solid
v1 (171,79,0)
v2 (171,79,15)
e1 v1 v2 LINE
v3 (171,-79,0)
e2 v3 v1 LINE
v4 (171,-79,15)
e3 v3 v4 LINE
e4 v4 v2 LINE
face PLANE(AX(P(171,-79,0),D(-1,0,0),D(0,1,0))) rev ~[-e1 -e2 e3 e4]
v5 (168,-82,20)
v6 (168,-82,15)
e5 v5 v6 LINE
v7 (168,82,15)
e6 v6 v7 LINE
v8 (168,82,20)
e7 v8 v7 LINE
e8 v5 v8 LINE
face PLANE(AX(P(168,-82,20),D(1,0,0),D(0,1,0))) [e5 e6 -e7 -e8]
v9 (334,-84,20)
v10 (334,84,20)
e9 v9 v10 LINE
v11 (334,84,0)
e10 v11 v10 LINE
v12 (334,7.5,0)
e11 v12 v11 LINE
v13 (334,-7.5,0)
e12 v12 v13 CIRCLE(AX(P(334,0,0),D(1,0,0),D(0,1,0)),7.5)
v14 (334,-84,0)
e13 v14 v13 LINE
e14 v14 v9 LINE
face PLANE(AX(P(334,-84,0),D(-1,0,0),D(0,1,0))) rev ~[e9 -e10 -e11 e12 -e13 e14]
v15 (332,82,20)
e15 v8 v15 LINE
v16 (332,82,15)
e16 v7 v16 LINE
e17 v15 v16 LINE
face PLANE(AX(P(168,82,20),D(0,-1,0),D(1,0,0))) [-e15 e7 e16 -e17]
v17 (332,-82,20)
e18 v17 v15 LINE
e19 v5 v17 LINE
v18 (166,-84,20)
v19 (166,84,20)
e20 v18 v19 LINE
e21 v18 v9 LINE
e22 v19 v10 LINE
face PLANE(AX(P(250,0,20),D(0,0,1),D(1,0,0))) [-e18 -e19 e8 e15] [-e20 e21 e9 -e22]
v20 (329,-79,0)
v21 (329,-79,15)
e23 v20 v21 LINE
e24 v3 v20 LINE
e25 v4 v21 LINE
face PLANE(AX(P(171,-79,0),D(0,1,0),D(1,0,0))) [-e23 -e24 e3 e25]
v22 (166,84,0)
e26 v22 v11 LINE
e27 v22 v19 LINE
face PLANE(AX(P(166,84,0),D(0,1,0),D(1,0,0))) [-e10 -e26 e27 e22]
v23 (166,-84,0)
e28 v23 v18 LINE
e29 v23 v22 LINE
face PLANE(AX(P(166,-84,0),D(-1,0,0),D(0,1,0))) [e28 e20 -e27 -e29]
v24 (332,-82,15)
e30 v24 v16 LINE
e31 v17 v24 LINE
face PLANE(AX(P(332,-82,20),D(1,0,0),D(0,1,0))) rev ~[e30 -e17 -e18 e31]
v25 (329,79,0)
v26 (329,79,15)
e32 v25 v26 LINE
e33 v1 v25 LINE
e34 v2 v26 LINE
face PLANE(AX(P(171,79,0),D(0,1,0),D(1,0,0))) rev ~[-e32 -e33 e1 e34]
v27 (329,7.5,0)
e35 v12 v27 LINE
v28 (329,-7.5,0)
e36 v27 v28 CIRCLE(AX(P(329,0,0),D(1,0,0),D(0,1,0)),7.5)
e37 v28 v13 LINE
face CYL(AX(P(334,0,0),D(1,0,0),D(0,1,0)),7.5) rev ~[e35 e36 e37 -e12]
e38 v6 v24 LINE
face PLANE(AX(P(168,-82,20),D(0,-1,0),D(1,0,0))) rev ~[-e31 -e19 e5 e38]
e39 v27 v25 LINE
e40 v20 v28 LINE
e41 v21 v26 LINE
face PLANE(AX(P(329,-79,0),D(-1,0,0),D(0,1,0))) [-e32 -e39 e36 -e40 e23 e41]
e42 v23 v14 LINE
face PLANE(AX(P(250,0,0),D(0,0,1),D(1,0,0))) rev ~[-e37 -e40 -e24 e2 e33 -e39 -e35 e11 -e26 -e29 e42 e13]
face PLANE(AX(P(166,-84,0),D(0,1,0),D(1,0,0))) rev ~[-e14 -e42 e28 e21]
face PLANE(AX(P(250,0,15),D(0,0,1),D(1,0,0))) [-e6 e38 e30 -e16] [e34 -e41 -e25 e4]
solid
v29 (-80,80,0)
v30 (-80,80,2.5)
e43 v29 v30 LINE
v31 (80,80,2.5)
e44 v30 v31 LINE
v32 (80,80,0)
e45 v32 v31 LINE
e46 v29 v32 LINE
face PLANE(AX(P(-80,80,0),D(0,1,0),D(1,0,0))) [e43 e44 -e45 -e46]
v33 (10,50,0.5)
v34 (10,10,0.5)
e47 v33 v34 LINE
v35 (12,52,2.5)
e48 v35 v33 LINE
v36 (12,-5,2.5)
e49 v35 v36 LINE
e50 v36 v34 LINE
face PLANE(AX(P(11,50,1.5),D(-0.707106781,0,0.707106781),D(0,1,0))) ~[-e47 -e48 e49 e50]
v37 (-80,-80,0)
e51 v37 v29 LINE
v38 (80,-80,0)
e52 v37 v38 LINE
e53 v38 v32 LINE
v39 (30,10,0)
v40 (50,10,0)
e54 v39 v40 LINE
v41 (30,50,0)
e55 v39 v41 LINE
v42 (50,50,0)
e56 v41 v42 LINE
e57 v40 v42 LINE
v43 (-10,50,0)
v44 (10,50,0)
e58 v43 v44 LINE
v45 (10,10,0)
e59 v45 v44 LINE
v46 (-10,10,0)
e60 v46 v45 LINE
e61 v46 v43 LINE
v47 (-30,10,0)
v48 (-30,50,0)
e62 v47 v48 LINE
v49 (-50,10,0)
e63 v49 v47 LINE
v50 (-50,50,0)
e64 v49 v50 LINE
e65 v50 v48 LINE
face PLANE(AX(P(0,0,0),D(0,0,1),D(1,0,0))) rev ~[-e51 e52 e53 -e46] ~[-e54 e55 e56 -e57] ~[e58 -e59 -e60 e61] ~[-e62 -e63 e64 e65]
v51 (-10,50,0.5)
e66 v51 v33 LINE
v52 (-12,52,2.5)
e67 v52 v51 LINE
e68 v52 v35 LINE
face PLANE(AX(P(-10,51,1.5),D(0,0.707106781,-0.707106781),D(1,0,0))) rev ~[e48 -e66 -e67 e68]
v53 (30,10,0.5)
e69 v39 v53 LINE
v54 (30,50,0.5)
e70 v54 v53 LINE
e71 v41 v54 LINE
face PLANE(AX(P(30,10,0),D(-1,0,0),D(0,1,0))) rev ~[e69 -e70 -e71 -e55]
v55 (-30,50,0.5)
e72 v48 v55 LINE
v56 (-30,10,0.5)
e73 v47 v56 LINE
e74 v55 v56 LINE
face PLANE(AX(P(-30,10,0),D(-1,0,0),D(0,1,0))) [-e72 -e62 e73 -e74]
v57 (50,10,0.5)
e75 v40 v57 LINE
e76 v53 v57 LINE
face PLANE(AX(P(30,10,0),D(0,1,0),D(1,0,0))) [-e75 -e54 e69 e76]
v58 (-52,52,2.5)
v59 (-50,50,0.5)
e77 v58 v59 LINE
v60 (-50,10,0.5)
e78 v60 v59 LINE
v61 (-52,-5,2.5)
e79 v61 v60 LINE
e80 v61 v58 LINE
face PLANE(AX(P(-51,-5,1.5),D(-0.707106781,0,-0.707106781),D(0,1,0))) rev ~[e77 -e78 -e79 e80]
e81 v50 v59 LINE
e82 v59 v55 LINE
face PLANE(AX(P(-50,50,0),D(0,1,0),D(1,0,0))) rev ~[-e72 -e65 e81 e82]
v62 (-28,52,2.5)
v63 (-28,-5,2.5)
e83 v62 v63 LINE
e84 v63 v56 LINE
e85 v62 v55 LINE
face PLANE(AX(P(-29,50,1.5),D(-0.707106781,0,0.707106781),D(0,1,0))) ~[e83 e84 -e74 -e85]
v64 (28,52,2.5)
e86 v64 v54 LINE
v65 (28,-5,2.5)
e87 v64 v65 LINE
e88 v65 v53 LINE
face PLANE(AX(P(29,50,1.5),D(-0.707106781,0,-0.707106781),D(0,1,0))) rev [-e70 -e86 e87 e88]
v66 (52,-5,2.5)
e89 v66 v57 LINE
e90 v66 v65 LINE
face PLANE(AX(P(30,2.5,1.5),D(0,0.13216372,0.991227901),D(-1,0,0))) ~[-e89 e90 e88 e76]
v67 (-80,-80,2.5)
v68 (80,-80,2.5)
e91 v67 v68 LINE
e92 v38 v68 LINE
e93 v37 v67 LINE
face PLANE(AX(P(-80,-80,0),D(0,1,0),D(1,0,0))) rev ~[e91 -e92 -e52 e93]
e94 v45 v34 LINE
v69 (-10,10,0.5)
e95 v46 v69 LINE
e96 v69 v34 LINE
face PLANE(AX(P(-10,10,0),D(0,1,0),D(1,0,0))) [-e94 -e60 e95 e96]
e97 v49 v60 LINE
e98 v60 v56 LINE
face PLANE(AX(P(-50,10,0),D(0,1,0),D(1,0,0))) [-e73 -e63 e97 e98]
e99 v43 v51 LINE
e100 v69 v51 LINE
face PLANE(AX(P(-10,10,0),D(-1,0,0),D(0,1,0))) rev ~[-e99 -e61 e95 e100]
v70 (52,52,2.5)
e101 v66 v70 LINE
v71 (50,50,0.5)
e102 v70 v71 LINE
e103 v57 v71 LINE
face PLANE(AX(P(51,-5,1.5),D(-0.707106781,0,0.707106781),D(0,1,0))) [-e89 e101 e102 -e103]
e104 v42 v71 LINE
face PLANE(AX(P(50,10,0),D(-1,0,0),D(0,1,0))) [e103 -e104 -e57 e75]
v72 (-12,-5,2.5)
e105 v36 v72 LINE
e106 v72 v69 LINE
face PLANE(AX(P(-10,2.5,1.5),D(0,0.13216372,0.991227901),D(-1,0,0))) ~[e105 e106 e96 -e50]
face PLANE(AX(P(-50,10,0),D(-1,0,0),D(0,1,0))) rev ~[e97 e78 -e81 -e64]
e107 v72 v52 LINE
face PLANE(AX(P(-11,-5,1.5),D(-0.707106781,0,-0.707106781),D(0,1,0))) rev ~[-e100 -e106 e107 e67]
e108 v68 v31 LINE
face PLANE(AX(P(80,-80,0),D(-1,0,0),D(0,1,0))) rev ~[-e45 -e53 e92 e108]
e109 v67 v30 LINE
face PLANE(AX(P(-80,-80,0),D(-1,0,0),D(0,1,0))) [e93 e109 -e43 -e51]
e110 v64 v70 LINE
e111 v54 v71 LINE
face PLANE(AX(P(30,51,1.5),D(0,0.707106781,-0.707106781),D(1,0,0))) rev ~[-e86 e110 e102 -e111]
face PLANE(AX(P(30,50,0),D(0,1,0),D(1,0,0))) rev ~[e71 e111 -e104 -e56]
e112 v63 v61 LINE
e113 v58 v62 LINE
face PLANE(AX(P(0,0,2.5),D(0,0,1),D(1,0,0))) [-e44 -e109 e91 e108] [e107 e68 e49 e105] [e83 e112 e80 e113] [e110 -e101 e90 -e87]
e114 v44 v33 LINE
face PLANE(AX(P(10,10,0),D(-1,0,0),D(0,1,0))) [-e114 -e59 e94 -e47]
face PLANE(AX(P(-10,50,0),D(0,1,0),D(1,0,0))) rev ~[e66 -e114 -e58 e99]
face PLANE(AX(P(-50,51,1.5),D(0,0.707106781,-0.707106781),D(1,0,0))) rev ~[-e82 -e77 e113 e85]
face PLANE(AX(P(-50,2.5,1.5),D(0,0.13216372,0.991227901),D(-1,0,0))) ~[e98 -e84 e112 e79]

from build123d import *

# Parameters (mm, degrees)
SKETCH_W        = 160
SKETCH_H        = 160
SKETCH_W_2      = 20
SKETCH_H_2      = 40
PAD_DEPTH       = 2.5
CHAMFER_1_SIZE2 = 15
CHAMFER_1_SIZE  = 2
CHAMFER_2_SIZE2 = 15
CHAMFER_2_SIZE  = 2
CHAMFER_3_SIZE2 = 15
CHAMFER_3_SIZE  = 2
CHAMFER001_SIZE = 2
SKETCH001_W     = 168
SKETCH001_H     = 168
SKETCH001_W_2   = 158
SKETCH001_H_2   = 158
PAD001_DEPTH    = 20
SKETCH002_W     = 164
SKETCH002_H     = 164
POCKET_DEPTH    = 5
SKETCH003_R     = 7.5
POCKET001_DEPTH = 15


with BuildPart() as backplate:
    # Sketch → Pad (new body)
    with BuildSketch(Plane.XY):
        Rectangle(SKETCH_W, SKETCH_H)
        with Locations((-40, 30)):
            Rectangle(SKETCH_W_2, SKETCH_H_2, mode=Mode.SUBTRACT)
        with Locations((0, 30)):
            Rectangle(SKETCH_W_2, SKETCH_H_2, mode=Mode.SUBTRACT)
        with Locations((40, 30)):
            Rectangle(SKETCH_W_2, SKETCH_H_2, mode=Mode.SUBTRACT)
    extrude(amount=PAD_DEPTH)

    # Chamfer 1
    chamfer_1_edges = [backplate.edges().sort_by_distance(p)[0] for p in [
        (40, 10, 2.5),
    ]]
    chamfer_1_side = backplate.faces().sort_by_distance((40, 10, 1.25))[0]
    chamfer(chamfer_1_edges, length=CHAMFER_1_SIZE, length2=CHAMFER_1_SIZE2, reference=chamfer_1_side)

    # Chamfer 2
    chamfer_2_edges = [backplate.edges().sort_by_distance(p)[0] for p in [
        (0, 10, 2.5),
    ]]
    chamfer_2_side = backplate.faces().sort_by_distance((0, 10, 1.25))[0]
    chamfer(chamfer_2_edges, length=CHAMFER_2_SIZE, length2=CHAMFER_2_SIZE2, reference=chamfer_2_side)

    # Chamfer 3
    chamfer_3_edges = [backplate.edges().sort_by_distance(p)[0] for p in [
        (-40, 10, 2.5),
    ]]
    chamfer_3_side = backplate.faces().sort_by_distance((-40, 10, 1.25))[0]
    chamfer(chamfer_3_edges, length=CHAMFER_3_SIZE, length2=CHAMFER_3_SIZE2, reference=chamfer_3_side)

    # Chamfer001
    chamfer001_edges = [backplate.edges().sort_by_distance(p)[0] for p in [
        (-50, 2.5, 2.5),
        (-50, 30, 2.5),
        (-40, 50, 2.5),
        (-30, 30, 2.5),
        (-30, 2.5, 2.5),
        (-10, 2.5, 2.5),
        (-10, 30, 2.5),
        (0, 50, 2.5),
        (10, 30, 2.5),
        (10, 2.5, 2.5),
        (30, 2.5, 2.5),
        (30, 30, 2.5),
        (40, 50, 2.5),
        (50, 30, 2.5),
        (50, 2.5, 2.5),
    ]]
    chamfer(chamfer001_edges, length=CHAMFER001_SIZE)


with BuildPart() as frame:
    # Sketch001 → Pad001 (new body)
    with BuildSketch(Plane.XY):
        with Locations((250, 0)):
            Rectangle(SKETCH001_W, SKETCH001_H)
        with Locations((250, 0)):
            Rectangle(SKETCH001_W_2, SKETCH001_H_2, mode=Mode.SUBTRACT)
    extrude(amount=PAD001_DEPTH)

    # Sketch002 (on Face10 of Pad001) → Pocket (cut)
    with BuildSketch(Plane.XY.offset(20)):
        with Locations((250, 0)):
            Rectangle(SKETCH002_W, SKETCH002_H)
    extrude(amount=-POCKET_DEPTH, mode=Mode.SUBTRACT)

    # Sketch003 (on Face6 of Pocket) → Pocket001 (cut)
    with BuildSketch(Plane.YZ.offset(334)):
        Circle(SKETCH003_R)
    extrude(amount=-POCKET001_DEPTH, mode=Mode.SUBTRACT)


solid = Compound([backplate.part, frame.part])
